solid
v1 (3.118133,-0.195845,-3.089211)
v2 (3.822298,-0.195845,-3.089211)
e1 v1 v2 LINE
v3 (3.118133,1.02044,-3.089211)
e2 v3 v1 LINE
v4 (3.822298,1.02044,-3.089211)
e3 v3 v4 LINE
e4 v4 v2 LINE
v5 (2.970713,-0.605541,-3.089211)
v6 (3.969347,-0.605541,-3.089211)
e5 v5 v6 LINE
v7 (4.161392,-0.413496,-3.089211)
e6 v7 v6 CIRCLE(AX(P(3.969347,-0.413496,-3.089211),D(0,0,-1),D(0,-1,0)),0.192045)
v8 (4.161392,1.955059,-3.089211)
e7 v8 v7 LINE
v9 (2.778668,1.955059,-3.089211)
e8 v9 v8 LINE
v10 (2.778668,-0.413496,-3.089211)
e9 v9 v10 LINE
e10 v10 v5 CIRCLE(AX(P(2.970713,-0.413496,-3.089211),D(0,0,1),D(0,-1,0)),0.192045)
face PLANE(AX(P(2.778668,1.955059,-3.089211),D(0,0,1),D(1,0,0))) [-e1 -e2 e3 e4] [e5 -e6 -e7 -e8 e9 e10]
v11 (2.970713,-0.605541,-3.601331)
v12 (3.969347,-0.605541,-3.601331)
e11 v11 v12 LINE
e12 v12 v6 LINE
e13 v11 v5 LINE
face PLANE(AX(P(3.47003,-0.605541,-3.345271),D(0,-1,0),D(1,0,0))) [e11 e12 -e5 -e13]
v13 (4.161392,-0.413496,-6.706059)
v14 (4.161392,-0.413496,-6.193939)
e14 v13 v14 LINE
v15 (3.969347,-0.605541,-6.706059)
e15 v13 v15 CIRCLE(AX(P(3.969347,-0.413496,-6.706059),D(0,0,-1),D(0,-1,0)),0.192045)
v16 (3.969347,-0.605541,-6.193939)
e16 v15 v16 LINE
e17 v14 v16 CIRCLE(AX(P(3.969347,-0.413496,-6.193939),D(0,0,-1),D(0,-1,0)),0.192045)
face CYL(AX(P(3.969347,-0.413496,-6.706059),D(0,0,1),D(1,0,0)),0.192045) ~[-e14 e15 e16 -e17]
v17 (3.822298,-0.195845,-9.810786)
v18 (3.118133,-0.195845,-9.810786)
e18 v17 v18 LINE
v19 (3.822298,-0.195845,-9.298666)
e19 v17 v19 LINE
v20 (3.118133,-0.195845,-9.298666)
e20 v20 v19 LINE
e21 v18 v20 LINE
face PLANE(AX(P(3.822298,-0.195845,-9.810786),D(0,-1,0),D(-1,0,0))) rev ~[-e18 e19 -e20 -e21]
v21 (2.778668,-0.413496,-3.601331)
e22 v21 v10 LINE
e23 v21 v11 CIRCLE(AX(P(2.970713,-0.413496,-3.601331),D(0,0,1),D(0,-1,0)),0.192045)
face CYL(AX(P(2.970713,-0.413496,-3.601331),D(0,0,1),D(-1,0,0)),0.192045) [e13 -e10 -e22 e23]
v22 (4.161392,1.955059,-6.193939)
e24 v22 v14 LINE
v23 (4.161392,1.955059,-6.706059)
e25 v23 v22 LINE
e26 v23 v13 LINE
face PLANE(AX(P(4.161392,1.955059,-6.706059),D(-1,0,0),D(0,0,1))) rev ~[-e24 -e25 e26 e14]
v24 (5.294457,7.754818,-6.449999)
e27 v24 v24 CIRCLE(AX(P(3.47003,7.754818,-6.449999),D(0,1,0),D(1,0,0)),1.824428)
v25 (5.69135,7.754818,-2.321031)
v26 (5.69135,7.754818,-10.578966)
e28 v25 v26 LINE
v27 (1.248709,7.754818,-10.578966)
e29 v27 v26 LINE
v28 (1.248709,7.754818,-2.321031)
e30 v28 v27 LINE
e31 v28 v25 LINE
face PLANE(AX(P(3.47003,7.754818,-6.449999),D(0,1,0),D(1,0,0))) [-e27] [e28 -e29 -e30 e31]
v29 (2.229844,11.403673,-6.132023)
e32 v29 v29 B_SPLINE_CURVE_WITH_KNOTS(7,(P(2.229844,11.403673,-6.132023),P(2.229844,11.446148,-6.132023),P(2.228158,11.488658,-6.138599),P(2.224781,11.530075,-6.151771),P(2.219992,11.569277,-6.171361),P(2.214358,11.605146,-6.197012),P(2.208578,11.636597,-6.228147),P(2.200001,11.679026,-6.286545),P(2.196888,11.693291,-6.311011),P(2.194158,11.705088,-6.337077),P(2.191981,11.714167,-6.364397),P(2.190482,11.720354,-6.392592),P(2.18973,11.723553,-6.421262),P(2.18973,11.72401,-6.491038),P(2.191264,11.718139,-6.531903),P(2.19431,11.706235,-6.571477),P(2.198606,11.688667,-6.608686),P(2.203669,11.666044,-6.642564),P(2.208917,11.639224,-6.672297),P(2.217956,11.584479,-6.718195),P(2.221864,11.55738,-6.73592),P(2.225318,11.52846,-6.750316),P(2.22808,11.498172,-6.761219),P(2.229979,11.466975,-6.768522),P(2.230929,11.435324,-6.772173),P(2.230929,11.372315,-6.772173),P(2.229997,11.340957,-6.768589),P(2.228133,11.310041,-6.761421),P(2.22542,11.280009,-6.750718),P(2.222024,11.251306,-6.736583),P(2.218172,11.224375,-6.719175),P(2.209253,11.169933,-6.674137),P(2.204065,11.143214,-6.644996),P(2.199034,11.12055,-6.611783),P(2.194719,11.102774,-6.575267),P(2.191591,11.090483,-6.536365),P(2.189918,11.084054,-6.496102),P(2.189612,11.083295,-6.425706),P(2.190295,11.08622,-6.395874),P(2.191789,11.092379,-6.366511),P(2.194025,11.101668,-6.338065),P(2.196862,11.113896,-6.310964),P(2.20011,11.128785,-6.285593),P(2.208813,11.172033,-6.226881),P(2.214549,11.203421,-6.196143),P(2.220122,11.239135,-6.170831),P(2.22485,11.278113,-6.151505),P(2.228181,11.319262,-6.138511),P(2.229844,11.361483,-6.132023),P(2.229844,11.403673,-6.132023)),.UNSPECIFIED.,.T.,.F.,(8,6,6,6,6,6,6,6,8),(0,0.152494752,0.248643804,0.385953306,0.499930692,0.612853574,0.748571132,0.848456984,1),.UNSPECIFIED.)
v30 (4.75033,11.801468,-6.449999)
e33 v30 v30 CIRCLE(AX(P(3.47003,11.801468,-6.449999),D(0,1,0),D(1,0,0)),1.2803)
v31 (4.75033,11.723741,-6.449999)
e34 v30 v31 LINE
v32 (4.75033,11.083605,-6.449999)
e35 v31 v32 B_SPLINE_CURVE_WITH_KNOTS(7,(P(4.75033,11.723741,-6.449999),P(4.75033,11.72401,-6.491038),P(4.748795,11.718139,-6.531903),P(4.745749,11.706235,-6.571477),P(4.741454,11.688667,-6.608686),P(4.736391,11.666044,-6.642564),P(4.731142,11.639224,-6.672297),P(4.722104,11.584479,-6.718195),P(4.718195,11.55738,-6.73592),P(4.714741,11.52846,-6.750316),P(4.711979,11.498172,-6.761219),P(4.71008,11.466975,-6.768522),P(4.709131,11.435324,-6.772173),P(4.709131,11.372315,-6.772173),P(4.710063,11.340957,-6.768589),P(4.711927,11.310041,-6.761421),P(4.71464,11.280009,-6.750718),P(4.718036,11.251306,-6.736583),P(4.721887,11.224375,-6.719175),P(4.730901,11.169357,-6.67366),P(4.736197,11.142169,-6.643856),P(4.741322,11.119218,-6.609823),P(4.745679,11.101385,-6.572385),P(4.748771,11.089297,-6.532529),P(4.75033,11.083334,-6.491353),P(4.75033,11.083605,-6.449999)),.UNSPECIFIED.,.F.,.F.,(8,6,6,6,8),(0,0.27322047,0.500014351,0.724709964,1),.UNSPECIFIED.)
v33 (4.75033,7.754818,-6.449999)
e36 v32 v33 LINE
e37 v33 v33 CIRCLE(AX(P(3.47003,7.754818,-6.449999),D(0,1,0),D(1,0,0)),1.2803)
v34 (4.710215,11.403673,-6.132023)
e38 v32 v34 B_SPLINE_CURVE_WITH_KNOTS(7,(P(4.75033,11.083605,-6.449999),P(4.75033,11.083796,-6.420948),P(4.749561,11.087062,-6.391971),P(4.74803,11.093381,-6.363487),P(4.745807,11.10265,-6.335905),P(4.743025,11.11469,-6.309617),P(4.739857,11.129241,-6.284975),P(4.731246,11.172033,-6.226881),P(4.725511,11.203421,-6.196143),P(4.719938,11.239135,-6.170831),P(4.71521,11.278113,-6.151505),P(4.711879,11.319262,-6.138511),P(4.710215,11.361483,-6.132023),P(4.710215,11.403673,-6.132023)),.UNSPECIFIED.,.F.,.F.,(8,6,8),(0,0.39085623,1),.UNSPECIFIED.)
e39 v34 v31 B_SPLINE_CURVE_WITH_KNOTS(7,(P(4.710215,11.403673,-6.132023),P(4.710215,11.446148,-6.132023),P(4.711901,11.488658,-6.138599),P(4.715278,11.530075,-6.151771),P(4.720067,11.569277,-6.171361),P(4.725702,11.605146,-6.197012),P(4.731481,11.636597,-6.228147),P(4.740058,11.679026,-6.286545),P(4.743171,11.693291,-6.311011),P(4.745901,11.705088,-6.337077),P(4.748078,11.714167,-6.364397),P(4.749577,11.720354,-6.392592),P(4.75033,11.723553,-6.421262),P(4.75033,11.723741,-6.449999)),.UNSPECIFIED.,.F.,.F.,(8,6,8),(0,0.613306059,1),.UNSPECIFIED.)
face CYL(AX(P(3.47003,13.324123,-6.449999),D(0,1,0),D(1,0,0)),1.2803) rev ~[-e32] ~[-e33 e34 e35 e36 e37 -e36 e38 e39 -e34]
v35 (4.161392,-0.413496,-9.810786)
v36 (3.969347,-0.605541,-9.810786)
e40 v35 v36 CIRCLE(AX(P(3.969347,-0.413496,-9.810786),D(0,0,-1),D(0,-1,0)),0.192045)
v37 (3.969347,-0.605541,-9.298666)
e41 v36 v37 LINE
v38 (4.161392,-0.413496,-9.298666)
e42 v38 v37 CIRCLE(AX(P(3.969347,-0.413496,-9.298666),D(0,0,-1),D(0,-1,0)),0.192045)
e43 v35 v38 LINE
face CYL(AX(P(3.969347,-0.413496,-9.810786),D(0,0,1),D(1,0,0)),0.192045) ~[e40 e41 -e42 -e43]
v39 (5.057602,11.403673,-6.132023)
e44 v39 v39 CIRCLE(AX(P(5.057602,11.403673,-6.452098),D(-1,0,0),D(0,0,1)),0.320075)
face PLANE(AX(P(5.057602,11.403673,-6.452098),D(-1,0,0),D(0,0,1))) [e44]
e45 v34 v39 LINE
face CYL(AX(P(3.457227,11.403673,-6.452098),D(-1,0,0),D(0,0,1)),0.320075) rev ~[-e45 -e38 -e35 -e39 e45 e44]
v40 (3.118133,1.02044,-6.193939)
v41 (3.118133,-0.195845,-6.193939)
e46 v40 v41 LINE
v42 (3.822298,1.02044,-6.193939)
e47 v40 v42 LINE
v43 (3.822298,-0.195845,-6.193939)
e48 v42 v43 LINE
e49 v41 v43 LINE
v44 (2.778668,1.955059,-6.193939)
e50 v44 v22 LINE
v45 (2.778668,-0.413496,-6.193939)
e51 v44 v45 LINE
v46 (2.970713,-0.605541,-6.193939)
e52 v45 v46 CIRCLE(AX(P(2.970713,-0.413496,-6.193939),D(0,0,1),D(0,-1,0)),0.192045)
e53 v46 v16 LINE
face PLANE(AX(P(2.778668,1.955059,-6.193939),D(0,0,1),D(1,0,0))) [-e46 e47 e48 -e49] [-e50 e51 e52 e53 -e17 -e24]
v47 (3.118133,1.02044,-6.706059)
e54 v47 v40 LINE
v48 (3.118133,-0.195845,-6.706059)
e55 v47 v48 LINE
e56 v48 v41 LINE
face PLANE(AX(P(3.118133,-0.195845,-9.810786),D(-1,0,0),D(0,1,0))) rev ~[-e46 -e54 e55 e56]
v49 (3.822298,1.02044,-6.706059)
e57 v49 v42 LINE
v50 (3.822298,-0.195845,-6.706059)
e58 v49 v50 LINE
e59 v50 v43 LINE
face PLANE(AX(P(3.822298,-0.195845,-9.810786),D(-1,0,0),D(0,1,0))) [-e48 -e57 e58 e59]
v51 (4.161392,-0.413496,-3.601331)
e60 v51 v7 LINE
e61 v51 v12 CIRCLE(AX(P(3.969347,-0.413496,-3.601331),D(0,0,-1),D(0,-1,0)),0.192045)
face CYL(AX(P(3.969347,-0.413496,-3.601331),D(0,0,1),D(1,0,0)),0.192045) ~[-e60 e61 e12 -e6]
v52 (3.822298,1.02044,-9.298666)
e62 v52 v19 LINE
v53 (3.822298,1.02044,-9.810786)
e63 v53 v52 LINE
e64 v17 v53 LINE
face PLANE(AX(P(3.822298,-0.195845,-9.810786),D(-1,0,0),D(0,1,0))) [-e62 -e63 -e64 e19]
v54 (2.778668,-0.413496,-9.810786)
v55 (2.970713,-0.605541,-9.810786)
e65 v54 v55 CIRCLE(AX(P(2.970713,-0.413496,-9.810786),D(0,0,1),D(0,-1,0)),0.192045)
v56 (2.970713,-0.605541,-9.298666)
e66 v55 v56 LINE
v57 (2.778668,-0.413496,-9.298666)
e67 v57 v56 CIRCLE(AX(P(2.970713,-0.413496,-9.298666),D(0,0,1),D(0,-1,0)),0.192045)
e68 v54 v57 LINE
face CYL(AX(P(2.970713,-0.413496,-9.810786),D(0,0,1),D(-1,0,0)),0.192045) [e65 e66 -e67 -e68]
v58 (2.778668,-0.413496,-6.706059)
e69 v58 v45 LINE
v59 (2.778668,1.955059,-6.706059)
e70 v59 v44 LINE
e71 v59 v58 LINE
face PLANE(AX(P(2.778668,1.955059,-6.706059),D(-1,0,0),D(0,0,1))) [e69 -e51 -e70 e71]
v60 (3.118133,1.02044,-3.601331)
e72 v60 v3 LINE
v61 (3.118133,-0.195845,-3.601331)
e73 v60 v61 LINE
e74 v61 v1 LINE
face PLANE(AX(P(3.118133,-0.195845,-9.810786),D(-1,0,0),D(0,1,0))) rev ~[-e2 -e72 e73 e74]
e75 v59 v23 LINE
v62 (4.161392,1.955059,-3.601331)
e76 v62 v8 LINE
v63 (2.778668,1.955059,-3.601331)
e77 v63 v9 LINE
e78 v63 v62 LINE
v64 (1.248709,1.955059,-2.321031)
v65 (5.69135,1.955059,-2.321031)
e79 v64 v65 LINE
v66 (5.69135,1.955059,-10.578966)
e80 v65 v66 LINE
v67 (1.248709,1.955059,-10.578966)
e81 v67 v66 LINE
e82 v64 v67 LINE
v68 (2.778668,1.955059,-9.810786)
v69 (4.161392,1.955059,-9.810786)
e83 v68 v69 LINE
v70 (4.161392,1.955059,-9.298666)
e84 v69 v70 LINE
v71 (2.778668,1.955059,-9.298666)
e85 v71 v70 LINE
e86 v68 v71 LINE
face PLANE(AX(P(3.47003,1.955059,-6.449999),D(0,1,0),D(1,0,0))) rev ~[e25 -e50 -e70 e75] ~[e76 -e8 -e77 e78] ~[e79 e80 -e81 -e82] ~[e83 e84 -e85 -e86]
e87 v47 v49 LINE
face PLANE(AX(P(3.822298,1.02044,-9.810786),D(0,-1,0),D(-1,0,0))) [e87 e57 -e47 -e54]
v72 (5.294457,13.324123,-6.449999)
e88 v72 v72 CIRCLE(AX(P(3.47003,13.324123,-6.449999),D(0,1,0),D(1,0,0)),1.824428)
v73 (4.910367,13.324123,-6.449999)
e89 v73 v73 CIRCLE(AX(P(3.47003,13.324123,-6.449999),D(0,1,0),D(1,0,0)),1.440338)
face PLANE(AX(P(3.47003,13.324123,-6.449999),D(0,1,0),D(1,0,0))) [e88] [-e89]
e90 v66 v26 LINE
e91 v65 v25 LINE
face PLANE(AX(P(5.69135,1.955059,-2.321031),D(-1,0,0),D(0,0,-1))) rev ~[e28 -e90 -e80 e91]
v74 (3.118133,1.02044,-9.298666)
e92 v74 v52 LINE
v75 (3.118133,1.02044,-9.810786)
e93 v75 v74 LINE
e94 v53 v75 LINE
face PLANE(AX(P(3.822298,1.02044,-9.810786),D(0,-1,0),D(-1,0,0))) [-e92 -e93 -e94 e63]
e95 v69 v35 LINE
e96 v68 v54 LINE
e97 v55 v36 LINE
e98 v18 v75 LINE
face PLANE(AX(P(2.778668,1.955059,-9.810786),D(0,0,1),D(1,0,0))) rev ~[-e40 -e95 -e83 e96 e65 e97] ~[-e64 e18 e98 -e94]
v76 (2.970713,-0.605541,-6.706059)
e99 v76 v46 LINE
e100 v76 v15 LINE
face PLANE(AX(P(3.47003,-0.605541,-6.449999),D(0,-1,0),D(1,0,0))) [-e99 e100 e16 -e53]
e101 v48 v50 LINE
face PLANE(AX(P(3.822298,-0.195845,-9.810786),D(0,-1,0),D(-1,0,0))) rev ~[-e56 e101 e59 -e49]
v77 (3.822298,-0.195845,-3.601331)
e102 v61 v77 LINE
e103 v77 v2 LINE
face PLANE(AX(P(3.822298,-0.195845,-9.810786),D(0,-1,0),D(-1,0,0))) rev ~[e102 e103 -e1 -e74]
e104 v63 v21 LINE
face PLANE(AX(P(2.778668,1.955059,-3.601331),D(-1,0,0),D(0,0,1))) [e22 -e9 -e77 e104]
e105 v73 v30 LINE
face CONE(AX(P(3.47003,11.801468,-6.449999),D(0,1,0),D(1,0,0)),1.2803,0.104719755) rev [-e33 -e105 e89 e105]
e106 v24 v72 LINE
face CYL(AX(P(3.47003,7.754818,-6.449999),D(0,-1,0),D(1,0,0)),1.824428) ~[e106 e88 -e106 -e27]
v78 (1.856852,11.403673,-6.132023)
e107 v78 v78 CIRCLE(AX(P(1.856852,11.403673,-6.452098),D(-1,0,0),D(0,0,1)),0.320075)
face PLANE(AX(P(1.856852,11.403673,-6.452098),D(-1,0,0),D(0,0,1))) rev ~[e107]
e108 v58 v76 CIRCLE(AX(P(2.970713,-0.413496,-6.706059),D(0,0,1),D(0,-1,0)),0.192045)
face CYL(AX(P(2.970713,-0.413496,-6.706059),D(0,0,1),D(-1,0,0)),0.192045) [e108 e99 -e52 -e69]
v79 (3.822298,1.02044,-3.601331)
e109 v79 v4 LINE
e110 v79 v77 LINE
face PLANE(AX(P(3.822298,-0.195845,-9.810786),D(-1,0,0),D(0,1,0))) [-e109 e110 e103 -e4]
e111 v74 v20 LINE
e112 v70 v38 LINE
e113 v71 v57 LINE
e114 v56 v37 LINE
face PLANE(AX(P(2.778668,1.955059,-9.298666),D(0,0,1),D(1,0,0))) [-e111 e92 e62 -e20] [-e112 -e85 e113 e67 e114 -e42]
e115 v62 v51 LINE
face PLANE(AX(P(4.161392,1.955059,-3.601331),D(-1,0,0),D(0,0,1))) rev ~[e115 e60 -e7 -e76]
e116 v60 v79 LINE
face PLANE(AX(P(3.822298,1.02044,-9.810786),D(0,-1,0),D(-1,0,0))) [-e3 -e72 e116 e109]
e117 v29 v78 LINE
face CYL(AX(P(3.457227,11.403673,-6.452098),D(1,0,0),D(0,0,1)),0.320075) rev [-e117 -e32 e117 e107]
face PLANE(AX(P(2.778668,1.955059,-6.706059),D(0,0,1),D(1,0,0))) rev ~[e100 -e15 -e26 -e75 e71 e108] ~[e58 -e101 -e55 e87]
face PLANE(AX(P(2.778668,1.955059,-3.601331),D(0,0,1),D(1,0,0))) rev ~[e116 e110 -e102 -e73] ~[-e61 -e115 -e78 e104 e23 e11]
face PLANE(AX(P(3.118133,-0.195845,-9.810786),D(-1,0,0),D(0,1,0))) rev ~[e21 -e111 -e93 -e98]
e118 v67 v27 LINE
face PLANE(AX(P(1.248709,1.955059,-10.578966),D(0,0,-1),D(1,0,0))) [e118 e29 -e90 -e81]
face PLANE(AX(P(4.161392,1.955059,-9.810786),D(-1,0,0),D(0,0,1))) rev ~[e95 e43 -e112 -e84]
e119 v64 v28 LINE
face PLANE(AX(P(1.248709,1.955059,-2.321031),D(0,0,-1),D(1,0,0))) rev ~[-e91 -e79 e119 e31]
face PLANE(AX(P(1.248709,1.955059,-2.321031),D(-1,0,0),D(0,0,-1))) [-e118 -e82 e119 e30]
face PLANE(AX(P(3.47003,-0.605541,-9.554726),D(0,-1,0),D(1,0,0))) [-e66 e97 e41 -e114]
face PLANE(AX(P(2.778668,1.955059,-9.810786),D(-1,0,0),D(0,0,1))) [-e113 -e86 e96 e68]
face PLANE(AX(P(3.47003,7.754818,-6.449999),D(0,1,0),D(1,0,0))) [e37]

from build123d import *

# Parameters (mm, degrees)
ESQUISSE1_W                  = 6.94
ESQUISSE1_H                  = 12.9
BOSS_EXTRU_1_DEPTH           = 9.06
ESQUISSE2_R                  = 2.85
BOSS_EXTRU_2_DEPTH           = 8.7
ESQUISSE3_R                  = 2
ENL_V_MAT_EXTRU_1_DEPTH      = 8.7
ENL_V_START                  = -3.45
ESQUISSE4_R                  = 0.5
ENL_V_MAT_EXTRU_2_DEPTH      = 2.5
ENL_V_MAT_EXTRU_2_DEPTH_BACK = 2.5
CHANFREIN1_SIZE              = 0.25
CHANFREIN1_SIZE2             = 2.378591114
ESQUISSE5_W                  = 2.16
ESQUISSE5_H                  = 0.8
BOSS_EXTRU_3_DEPTH           = 4
CONG_1_R                     = 0.3
ESQUISSE6_W                  = 1.1
ESQUISSE6_H                  = 1.9
ENL_V_MAT_EXTRU_3_DEPTH      = 12.7
SCALE1_SCALE                 = 0.64015


with BuildPart() as part:
    # Esquisse1 → Boss.-Extru.1 (new body)
    with BuildSketch(Plane(origin=(0, 0, 0), x_dir=(1, 0, 0), z_dir=(0, 1, 0))):
        with Locations((3.47, 6.45)):
            Rectangle(ESQUISSE1_W, ESQUISSE1_H)
    extrude(amount=BOSS_EXTRU_1_DEPTH)

    # Esquisse2 → Boss.-Extru.2 (add)
    with BuildSketch(Plane(origin=(0, 9.06, 0), x_dir=(1, 0, 0), z_dir=(0, 1, 0))):
        with Locations((3.47, 6.45)):
            Circle(ESQUISSE2_R)
    extrude(amount=BOSS_EXTRU_2_DEPTH)

    # Esquisse3 → Enlèv. mat.-Extru.1 (cut)
    with BuildSketch(Plane(origin=(0, 17.76, 0), x_dir=(1, 0, 0), z_dir=(0, 1, 0))):
        with Locations((3.47, 6.45)):
            Circle(ESQUISSE3_R)
    extrude(amount=-ENL_V_MAT_EXTRU_1_DEPTH, mode=Mode.SUBTRACT)

    # Esquisse4 → Enlèv. mat.-Extru.2 (cut, two sides)
    with BuildSketch(Plane.ZY.offset(ENL_V_START)) as enl_v_mat_extru_2_sk:
        with Locations((-6.453279692, 14.76)):
            Circle(ESQUISSE4_R)
    extrude(amount=ENL_V_MAT_EXTRU_2_DEPTH, mode=Mode.SUBTRACT)
    extrude(enl_v_mat_extru_2_sk.sketch, amount=-ENL_V_MAT_EXTRU_2_DEPTH_BACK, mode=Mode.SUBTRACT)

    # Chanfrein1
    chanfrein1_edges = [part.edges().sort_by_distance(p)[0] for p in [
        (1.47, 17.76, -6.45),
    ]]
    chanfrein1_side = [part.faces().sort_by_distance(p)[0] for p in [
        (0.700610173, 17.76, -6.45),
    ]]
    chamfer(chanfrein1_edges, length=CHANFREIN1_SIZE, length2=CHANFREIN1_SIZE2, reference=chanfrein1_side[0])

    # Esquisse5 → Boss.-Extru.3 (add)
    with BuildSketch(Plane.XZ):
        with Locations((3.47, -1.6)):
            Rectangle(ESQUISSE5_W, ESQUISSE5_H)
        with Locations((3.47, -11.3)):
            Rectangle(ESQUISSE5_W, ESQUISSE5_H)
        with Locations((3.47, -6.45)):
            Rectangle(ESQUISSE5_W, ESQUISSE5_H)
    extrude(amount=BOSS_EXTRU_3_DEPTH)

    # Congé1
    cong_1_edges = [part.edges().sort_by_distance(p)[0] for p in [
        (2.39, -4, -1.6),
        (4.55, -4, -1.6),
        (4.55, -4, -11.3),
        (2.39, -4, -11.3),
        (2.39, -4, -6.45),
        (4.55, -4, -6.45),
    ]]
    fillet(cong_1_edges, radius=CONG_1_R)

    # Esquisse6 → Enlèv. mat.-Extru.3 (cut, through all)
    with BuildSketch(Plane(origin=(0, 0, -11.7), x_dir=(-1, 0, 0), z_dir=(0, 0, -1))):
        with Locations((-3.470290463, -2.41)):
            Rectangle(ESQUISSE6_W, ESQUISSE6_H)
    extrude(amount=-ENL_V_MAT_EXTRU_3_DEPTH, mode=Mode.SUBTRACT)


with BuildPart() as part_1:
    # Scale1: scaled about (3.47008246, 5.432983417, -6.449996817)
    add(part.part.scale(SCALE1_SCALE).moved(Location((1.248709173, 1.955059083, -2.321031355))))


solid = part_1.part
